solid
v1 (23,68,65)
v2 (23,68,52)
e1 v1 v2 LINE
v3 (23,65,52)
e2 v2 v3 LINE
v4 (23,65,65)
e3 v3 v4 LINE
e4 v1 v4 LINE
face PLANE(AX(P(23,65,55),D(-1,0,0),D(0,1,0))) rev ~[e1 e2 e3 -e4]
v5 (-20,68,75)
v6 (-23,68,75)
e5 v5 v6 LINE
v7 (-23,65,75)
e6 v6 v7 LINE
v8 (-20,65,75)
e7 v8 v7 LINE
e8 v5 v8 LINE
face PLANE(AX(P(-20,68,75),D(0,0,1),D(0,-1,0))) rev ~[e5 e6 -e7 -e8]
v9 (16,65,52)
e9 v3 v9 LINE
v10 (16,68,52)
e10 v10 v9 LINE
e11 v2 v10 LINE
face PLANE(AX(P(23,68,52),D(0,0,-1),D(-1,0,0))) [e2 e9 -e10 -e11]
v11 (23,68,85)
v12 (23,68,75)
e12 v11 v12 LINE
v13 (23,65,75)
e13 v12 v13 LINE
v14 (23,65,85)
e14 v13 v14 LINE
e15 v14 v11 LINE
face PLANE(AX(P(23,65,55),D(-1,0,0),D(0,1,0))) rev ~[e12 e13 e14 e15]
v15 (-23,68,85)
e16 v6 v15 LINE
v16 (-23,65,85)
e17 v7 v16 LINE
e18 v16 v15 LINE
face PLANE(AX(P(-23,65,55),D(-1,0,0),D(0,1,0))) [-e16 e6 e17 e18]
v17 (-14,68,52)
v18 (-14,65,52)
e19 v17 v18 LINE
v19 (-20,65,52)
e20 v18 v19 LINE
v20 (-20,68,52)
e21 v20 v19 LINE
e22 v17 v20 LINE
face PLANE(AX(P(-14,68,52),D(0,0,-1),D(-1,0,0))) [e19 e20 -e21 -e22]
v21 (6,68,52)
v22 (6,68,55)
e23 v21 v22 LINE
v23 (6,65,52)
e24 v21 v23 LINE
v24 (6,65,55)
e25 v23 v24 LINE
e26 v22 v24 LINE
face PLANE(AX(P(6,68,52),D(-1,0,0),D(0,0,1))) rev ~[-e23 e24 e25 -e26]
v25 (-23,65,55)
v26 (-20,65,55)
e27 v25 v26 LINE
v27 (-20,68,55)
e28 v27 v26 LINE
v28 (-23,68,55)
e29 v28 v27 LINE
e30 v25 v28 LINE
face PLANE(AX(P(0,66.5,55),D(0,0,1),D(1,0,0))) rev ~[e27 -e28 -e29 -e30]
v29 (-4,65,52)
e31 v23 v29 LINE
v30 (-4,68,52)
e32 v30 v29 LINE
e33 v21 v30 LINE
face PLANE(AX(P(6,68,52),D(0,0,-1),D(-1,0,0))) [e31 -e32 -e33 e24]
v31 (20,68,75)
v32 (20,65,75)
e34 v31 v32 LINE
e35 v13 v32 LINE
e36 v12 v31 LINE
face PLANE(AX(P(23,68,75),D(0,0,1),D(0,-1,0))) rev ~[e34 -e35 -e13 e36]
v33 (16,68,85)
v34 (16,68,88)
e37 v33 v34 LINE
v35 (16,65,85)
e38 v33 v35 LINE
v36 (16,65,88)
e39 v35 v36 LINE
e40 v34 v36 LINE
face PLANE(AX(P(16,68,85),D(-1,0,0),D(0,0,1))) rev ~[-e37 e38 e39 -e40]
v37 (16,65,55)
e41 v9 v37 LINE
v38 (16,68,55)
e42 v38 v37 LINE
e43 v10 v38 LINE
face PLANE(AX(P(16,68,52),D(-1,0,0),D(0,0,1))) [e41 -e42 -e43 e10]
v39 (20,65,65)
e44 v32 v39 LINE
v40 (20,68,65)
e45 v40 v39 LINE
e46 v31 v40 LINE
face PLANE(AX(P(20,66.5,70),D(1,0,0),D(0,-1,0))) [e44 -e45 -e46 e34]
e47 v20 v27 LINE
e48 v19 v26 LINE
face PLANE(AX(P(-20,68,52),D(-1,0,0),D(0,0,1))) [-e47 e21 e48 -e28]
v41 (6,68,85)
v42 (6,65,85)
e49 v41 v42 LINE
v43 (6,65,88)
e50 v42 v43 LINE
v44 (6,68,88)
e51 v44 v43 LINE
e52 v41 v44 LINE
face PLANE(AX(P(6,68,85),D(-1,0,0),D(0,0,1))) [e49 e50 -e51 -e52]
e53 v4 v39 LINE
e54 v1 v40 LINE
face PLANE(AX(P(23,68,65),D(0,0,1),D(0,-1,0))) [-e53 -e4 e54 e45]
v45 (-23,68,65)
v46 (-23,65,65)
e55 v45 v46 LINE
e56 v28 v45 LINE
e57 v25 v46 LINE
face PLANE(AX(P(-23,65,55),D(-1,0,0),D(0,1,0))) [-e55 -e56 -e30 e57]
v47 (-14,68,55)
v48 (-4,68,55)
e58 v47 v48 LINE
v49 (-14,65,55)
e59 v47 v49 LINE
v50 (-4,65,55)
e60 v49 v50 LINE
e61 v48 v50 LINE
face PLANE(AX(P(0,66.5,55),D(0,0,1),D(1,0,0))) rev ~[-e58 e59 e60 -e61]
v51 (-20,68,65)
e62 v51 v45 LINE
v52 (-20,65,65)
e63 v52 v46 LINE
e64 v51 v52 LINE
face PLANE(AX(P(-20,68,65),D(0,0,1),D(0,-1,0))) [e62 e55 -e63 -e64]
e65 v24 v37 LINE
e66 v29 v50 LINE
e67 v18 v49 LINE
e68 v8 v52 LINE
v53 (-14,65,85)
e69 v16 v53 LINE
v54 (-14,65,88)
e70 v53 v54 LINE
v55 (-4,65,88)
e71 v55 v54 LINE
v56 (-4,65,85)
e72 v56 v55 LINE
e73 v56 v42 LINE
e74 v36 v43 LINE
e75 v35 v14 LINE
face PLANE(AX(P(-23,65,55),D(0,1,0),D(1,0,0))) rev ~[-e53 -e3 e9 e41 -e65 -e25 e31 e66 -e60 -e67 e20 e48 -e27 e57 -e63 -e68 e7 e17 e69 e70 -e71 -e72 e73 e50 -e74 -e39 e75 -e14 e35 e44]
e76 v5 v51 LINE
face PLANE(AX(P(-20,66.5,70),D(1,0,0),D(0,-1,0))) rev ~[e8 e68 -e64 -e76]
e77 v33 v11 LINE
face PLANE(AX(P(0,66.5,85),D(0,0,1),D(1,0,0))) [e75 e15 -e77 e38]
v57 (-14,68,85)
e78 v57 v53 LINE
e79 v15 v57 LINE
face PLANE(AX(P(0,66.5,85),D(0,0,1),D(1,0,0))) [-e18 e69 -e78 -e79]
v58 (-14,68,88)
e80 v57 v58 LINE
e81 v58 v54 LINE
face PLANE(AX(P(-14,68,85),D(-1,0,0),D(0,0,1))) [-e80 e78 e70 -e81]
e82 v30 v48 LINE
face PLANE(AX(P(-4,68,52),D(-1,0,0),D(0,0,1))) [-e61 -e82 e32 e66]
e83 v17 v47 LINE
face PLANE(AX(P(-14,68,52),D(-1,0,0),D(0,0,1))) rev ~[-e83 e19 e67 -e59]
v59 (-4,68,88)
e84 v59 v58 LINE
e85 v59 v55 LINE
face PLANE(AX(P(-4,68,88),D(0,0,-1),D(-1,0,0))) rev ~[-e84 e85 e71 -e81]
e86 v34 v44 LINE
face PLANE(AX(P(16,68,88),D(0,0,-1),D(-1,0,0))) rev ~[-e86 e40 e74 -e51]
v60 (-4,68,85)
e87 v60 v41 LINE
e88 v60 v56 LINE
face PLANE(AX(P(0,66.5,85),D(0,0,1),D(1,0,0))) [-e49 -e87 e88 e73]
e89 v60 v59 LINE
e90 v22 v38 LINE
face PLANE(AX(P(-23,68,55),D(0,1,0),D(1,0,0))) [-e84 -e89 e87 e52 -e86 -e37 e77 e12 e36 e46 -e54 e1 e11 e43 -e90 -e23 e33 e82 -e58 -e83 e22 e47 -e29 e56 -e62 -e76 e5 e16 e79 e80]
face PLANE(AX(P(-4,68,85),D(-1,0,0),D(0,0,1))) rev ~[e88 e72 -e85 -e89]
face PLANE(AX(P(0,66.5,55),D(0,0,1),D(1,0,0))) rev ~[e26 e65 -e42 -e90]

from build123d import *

# Parameters (mm, degrees)
RECTANGLE160_W                          = 3
RECTANGLE160_H                          = 10
EXTRUDE209_DEPTH                        = 3
EXTRUDE208_DEPTH                        = 3
BOX007_W                                = 46
BOX007_H                                = 3
BOX007_DEPTH                            = 30
RECTANGLE077_AS_DRAWN_W                 = 10
RECTANGLE077_AS_DRAWN_H                 = 3
EXTRUDE087_DEPTH                        = 3
EXTRUDE087_ONTO_RECTANGLE077_ROLL_ANGLE = 90
RECTANGLE076_AS_DRAWN_W                 = 10
RECTANGLE076_AS_DRAWN_H                 = 3
EXTRUDE086_DEPTH                        = 3
EXTRUDE086_ONTO_RECTANGLE076_ROLL_ANGLE = 90
FUSION063_PLACEMENT_ANGLE               = 180
RECTANGLE075_AS_DRAWN_W                 = 7
RECTANGLE075_AS_DRAWN_H                 = 3
EXTRUDE085_DEPTH                        = 3
EXTRUDE085_ONTO_RECTANGLE075_ROLL_ANGLE = 90
RECTANGLE074_AS_DRAWN_W                 = 10
RECTANGLE074_AS_DRAWN_H                 = 3
EXTRUDE084_DEPTH                        = 3
EXTRUDE084_ONTO_RECTANGLE074_ROLL_ANGLE = 90
RECTANGLE073_AS_DRAWN_W                 = 6
RECTANGLE073_AS_DRAWN_H                 = 3
EXTRUDE083_DEPTH                        = 3
EXTRUDE083_ONTO_RECTANGLE073_ROLL_ANGLE = 90
FUSION062_PLACEMENT_ANGLE               = 180


with BuildPart() as extrude209:
    # Rectangle160 → Extrude209 (new body)
    with BuildSketch(Plane(origin=(24, -68, 75), x_dir=(0, -1, 0), z_dir=(1, 0, 0))):
        with Locations((-1.5, 5)):
            Rectangle(RECTANGLE160_W, RECTANGLE160_H)
    extrude(amount=-EXTRUDE209_DEPTH)


with BuildPart() as extrude209_1:
    # Extrude209 placement: moved
    add(extrude209.part.moved(Location((-44, 133, 0))))


with BuildPart() as fusion064066:
    # Rectangle160 → Extrude208 (new body)
    with BuildSketch(Plane(origin=(24, -68, 75), x_dir=(0, -1, 0), z_dir=(1, 0, 0))):
        with Locations((-1.5, 5)):
            Rectangle(RECTANGLE160_W, RECTANGLE160_H)
    extrude(amount=-EXTRUDE208_DEPTH)


with BuildPart() as fusion064066_1:
    # Extrude208 placement: moved
    add(fusion064066.part.moved(Location((-1, 133, 0))))

    # Fusion064066: union Extrude209
    add(extrude209_1.part)


with BuildPart() as carraige_side_panel001:
    # Box007 → Box007 (new body)
    with BuildSketch(Plane(origin=(-23, 65, 55), x_dir=(1, 0, 0), z_dir=(0, 0, 1))):
        with Locations((23, 1.5)):
            Rectangle(BOX007_W, BOX007_H)
    extrude(amount=BOX007_DEPTH)


with BuildPart() as finger_joints_bb006:
    # Rectangle077 as drawn → Extrude087 (new)
    with BuildSketch(Plane.XY):
        with Locations((-5, -1.5)):
            Rectangle(RECTANGLE077_AS_DRAWN_W, RECTANGLE077_AS_DRAWN_H)
    extrude(amount=-EXTRUDE087_DEPTH)


with BuildPart() as finger_joints_bb006_1:
    # Extrude087 onto Rectangle077 roll: moved
    add(finger_joints_bb006.part.rotate(Axis((0, 0, 0), (1, 0, 0)), EXTRUDE087_ONTO_RECTANGLE077_ROLL_ANGLE))


with BuildPart() as finger_joints_bb006_2:
    # Extrude087 onto Rectangle077 placement: moved
    add(finger_joints_bb006_1.part.moved(Location((-6, -68, 55))))


with BuildPart() as finger_joints_bb007:
    # Rectangle076 as drawn → Extrude086 (new)
    with BuildSketch(Plane.XY):
        with Locations((-5, -1.5)):
            Rectangle(RECTANGLE076_AS_DRAWN_W, RECTANGLE076_AS_DRAWN_H)
    extrude(amount=-EXTRUDE086_DEPTH)


with BuildPart() as finger_joints_bb007_1:
    # Extrude086 onto Rectangle076 roll: moved
    add(finger_joints_bb007.part.rotate(Axis((0, 0, 0), (1, 0, 0)), EXTRUDE086_ONTO_RECTANGLE076_ROLL_ANGLE))


with BuildPart() as finger_joints_bb007_2:
    # Extrude086 onto Rectangle076 placement: moved
    add(finger_joints_bb007_1.part.moved(Location((14, -68, 55))))

    # Fusion063: union Finger joints bb006
    add(finger_joints_bb006_2.part)


with BuildPart() as finger_joints_bb007_3:
    # Fusion063 placement: moved
    add(finger_joints_bb007_2.part.moved(Location((0, 0, 33))).rotate(Axis((0, 0, 33), (0, 0, 1)), FUSION063_PLACEMENT_ANGLE))


with BuildPart() as extrude085:
    # Rectangle075 as drawn → Extrude085 (new)
    with BuildSketch(Plane.XY):
        with Locations((-3.5, -1.5)):
            Rectangle(RECTANGLE075_AS_DRAWN_W, RECTANGLE075_AS_DRAWN_H)
    extrude(amount=-EXTRUDE085_DEPTH)


with BuildPart() as extrude085_1:
    # Extrude085 onto Rectangle075 roll: moved
    add(extrude085.part.rotate(Axis((0, 0, 0), (1, 0, 0)), EXTRUDE085_ONTO_RECTANGLE075_ROLL_ANGLE))


with BuildPart() as extrude085_2:
    # Extrude085 onto Rectangle075 placement: moved
    add(extrude085_1.part.moved(Location((-16, -68, 55))))


with BuildPart() as extrude084:
    # Rectangle074 as drawn → Extrude084 (new)
    with BuildSketch(Plane.XY):
        with Locations((-5, -1.5)):
            Rectangle(RECTANGLE074_AS_DRAWN_W, RECTANGLE074_AS_DRAWN_H)
    extrude(amount=-EXTRUDE084_DEPTH)


with BuildPart() as extrude084_1:
    # Extrude084 onto Rectangle074 roll: moved
    add(extrude084.part.rotate(Axis((0, 0, 0), (1, 0, 0)), EXTRUDE084_ONTO_RECTANGLE074_ROLL_ANGLE))


with BuildPart() as extrude084_2:
    # Extrude084 onto Rectangle074 placement: moved
    add(extrude084_1.part.moved(Location((4, -68, 55))))


with BuildPart() as cut035056:
    # Rectangle073 as drawn → Extrude083 (new)
    with BuildSketch(Plane.XY):
        with Locations((-3, -1.5)):
            Rectangle(RECTANGLE073_AS_DRAWN_W, RECTANGLE073_AS_DRAWN_H)
    extrude(amount=-EXTRUDE083_DEPTH)


with BuildPart() as cut035056_1:
    # Extrude083 onto Rectangle073 roll: moved
    add(cut035056.part.rotate(Axis((0, 0, 0), (1, 0, 0)), EXTRUDE083_ONTO_RECTANGLE073_ROLL_ANGLE))


with BuildPart() as cut035056_2:
    # Extrude083 onto Rectangle073 placement: moved
    add(cut035056_1.part.moved(Location((20, -68, 55))))

    # Fusion062: union Extrude085, Extrude084
    add(extrude085_2.part)
    add(extrude084_2.part)


with BuildPart() as cut035056_3:
    # Fusion062 placement: moved
    add(cut035056_2.part.rotate(Axis((0, 0, 0), (0, 0, 1)), FUSION062_PLACEMENT_ANGLE))

    # Fusion064: union Carraige side panel001, Finger joints bb007
    add(carraige_side_panel001.part)
    add(finger_joints_bb007_3.part)

    # Cut035056: cut Fusion064066
    add(fusion064066_1.part, mode=Mode.SUBTRACT)


solid = cut035056_3.part
